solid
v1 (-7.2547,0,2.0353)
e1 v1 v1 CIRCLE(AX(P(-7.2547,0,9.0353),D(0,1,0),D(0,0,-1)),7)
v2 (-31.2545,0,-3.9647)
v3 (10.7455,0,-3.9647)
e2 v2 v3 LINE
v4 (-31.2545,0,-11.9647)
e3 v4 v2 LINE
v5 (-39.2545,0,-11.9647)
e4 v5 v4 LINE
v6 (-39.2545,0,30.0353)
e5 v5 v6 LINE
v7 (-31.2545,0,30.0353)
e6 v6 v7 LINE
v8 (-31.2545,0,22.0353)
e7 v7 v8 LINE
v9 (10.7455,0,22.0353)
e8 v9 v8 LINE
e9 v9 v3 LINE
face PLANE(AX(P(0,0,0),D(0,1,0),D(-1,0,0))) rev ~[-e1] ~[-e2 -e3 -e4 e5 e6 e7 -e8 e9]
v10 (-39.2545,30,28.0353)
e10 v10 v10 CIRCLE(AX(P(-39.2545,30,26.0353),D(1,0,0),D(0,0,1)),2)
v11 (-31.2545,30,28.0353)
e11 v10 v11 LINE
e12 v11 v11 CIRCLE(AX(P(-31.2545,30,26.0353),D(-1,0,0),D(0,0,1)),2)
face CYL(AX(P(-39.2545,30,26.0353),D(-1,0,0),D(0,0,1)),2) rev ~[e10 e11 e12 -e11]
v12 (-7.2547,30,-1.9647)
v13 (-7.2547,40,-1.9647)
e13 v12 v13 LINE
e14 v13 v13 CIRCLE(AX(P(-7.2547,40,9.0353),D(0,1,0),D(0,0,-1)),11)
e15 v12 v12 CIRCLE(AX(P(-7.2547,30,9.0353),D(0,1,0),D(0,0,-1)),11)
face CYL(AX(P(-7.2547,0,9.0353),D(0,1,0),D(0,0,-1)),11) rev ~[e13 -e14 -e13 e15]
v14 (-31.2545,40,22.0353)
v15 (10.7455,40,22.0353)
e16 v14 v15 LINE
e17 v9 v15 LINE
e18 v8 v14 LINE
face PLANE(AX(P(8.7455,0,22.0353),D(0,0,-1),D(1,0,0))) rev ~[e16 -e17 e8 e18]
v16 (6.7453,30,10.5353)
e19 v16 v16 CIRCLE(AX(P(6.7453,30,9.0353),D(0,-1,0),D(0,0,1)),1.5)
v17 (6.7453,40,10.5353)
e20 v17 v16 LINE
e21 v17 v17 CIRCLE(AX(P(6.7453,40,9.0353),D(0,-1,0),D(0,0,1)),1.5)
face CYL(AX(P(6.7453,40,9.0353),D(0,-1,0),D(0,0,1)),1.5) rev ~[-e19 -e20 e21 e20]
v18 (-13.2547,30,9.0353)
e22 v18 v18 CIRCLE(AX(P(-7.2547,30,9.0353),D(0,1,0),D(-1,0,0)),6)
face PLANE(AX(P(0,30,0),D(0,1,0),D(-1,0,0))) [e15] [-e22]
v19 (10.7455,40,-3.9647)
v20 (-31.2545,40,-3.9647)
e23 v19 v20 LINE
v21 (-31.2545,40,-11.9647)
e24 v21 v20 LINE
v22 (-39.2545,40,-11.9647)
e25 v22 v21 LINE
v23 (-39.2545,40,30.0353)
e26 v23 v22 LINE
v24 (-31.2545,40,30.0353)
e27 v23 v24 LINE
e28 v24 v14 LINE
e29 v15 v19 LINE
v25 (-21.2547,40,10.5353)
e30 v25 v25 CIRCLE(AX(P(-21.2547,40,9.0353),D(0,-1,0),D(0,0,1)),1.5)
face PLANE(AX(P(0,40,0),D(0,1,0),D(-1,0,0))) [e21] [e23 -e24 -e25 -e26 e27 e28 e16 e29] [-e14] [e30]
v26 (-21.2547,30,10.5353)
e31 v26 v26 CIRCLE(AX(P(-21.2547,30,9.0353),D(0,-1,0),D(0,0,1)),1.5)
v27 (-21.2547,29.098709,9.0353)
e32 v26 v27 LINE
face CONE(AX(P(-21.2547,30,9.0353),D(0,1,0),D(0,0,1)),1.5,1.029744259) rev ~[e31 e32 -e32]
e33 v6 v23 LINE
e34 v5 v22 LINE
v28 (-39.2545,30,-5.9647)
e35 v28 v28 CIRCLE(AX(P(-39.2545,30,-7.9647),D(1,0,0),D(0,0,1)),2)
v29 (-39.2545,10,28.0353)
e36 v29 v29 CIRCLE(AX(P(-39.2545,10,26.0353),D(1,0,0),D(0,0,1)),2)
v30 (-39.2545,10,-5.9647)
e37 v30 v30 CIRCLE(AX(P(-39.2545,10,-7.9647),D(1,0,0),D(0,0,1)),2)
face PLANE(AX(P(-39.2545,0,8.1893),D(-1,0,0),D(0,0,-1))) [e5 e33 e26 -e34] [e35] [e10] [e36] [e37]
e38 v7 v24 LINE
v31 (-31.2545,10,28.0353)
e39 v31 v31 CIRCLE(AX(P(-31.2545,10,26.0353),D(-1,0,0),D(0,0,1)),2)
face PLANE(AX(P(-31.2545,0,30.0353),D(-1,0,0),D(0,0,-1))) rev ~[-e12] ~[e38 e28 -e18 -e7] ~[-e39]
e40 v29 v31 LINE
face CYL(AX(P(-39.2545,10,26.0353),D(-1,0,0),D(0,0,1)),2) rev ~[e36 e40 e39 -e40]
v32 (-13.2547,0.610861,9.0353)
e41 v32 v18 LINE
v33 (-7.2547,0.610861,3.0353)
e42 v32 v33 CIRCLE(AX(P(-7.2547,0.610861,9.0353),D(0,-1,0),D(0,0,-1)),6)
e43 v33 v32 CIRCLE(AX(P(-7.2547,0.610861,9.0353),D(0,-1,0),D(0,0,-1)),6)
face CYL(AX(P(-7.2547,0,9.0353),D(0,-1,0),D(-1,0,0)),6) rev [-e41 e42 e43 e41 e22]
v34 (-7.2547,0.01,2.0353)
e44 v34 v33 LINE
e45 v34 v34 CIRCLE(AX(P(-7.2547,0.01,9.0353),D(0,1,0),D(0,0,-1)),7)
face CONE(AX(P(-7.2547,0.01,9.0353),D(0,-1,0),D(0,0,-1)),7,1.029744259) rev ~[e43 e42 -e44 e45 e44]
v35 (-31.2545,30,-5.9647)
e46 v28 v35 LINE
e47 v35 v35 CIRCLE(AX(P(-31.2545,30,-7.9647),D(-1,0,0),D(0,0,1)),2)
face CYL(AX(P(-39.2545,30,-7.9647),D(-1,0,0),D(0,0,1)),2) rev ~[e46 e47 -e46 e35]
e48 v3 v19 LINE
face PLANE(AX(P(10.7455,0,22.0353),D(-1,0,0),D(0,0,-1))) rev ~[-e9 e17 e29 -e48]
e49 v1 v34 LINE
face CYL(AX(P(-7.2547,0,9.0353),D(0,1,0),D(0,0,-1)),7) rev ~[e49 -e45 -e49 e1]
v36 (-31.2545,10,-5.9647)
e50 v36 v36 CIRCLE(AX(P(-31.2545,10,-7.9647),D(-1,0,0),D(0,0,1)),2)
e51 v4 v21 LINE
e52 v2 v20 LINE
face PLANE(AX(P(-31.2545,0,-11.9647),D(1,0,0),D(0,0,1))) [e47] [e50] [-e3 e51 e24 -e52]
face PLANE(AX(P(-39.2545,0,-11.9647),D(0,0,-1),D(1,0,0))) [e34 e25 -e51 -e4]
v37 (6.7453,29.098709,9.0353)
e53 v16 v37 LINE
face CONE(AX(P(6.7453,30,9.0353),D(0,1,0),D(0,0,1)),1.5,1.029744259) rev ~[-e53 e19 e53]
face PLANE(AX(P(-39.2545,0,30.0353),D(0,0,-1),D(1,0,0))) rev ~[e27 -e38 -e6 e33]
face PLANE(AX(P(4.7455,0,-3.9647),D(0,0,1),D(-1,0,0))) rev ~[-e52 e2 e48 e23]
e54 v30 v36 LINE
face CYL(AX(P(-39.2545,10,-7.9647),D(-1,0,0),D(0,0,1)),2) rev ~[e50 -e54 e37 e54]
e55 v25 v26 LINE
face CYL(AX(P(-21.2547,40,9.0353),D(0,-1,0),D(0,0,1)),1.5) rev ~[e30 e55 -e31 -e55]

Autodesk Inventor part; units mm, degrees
ref_plane "YZ Plane" through (0, 0, 0) normal (1, 0, 0) x (0, 1, 0)
ref_plane "XZ Plane" through (0, 0, 0) normal (0, 1, 0) x (-1, 0, 0)
ref_plane "XY Plane" through (0, 0, 0) normal (0, 0, 1) x (1, 0, 0)
sketch "Boceto14" plane through (0, 0, 0) normal (0, 1, 0) x (-1, 0, 0)
  line L0 (39.2545, 8.1893) -> (39.2545, -3.9647)
  line L1 (39.2545, -3.9647) -> (39.2545, 20.0353)
  line L2 (31.2545, 22.0353) -> (-2.7455, 22.0353)
  line L3 (-4.7455, -3.9647) -> (31.2545, -3.9647)
  line L4 (39.2545, 20.0353) -> (39.2545, 30.0353)
  line L5 (39.2545, -3.9647) -> (39.2545, -11.9647)
  circle A0 centre (7.2547, 9.0353) radius 11
  line L6 (-2.7455, 22.0353) -> (-8.7455, 22.0353)
  line L7 (-8.7455, -3.9647) -> (-4.7455, -3.9647)
  line L8 (-8.7455, 22.0353) -> (-10.7455, 22.0353)
  line L9 (-10.7455, 22.0353) -> (-10.7455, -3.9647)
  line L10 (-10.7455, -3.9647) -> (-8.7455, -3.9647)
  circle A1 centre (7.2547, 9.0353) radius 6
  line L11 (39.2545, -11.9647) -> (31.2545, -11.9647)
  line L12 (31.2545, -11.9647) -> (31.2545, -3.9647)
  line L13 (39.2545, 30.0353) -> (31.2545, 30.0353)
  line L14 (31.2545, 30.0353) -> (31.2545, 22.0353)
  point P0 (0, 0)
  dimension "d81" = 42
  dimension "d122" = 22
  dimension "d151" = 2
  dimension "d165" = 31.9998
  dimension "d166" = 12
  dimension "d171" = 13
  dimension "d182" = 8
  dimension "d183" = 8
  dimension "d185" = 8
  dimension "d186" = 8
extrude "Extrusión14" add sketch "Boceto14" along normal blind 40 contours L0 L5 L11 L12 L3 L7 L10 L9 L8 L6 L2 L14 L13 L4 L1 | A0 | A1
sketch "Boceto23" plane through (0, 0, 0) normal (0, -1, 0) x (1, 0, 0)
  point P0 (0, 0)
hole "Agujero1" at (-7.2547, 0, 9.0353) direction (0, 1, 0) diameter 22 depth 40 tip angle 118
extrude "Extrusión20" add sketch "Boceto14" along normal blind 30 contours A0
sketch "Boceto26" plane through (-39.2545, 0, -11.9647) normal (-1, 0, 0) x (0, 0, 1)
  line L0 (42, 0) -> (42, 40) projected
  line L1 (42, 0) -> (38, 0)
  line L2 (0, 0) -> (42, 0) projected
  line L3 (38, 0) -> (38, 40)
  line L4 (0, 40) -> (42, 40) projected
  line L5 (8, 0) -> (0, 0) projected
  line L6 (0, 0) -> (4, 0)
  line L7 (4, 0) -> (4, 40)
  line L8 (38, 40) -> (38, 30)
  line L9 (38, 30) -> (4, 30)
  line L10 (4, 0) -> (4, 10)
  line L11 (4, 10) -> (38, 10)
  circle A0 centre (38, 10) radius 2
  circle A1 centre (4, 10) radius 2
  circle A2 centre (4, 30) radius 2
  circle A3 centre (38, 30) radius 2
  point P0 (11.9647, 0)
  dimension "d200" = 4
  dimension "d201" = 4
  dimension "d202" = 10
  dimension "d203" = 10
  dimension "d204" = 4
  dimension "d205" = 4
  dimension "d206" = 4
  dimension "d207" = 4
extrude "Extrusión21" cut sketch "Boceto26" against normal blind 30 contours A0 L11 L3 | L3 A0 | A3 L3 | L3 L9 A3 | L11 A0 L3 | L3 A3 L9 | A2 L9 L7 | L7 A2 | A1 L7 | L7 L11 A1 | L11 L7 A1 | A2 L7 L9
thread "Rosca11" size "M12x1.5" class "6H" standard "ISO Metric profile" length 430
hole "Agujero3" at (-7.2547, 0, 9.0353) direction (0, 1, 0) diameter 14 depth 0.01 tip angle 118
sketch "Boceto27" plane through (0, 40, 0) normal (0, 1, 0) x (1, 0, 0)
  circle A0 centre (-7.2547, -9.0353) radius 6 projected
  line L0 (-7.2547, -9.0353) -> (6.7453, -9.0353)
  line L1 (6.7453, -9.0353) -> (-21.2547, -9.0353)
  circle A1 centre (6.7453, -9.0353) radius 1.5
  circle A2 centre (-21.2547, -9.0353) radius 1.5
  point P0 (0, 0)
  dimension "d226" = 14
  dimension "d227" = 28
  dimension "d228" = 3
  dimension "d229" = 3
hole "Agujero4" at (-21.2547, 40, 9.0353) at (6.7453, 40, 9.0353) direction (0, -1, 0) diameter 3 depth 10 tip angle 118
thread "Rosca12" size "M3x0.5" class "6H" standard "ISO Metric profile" length 7
thread "Rosca13" size "M3x0.5" class "6H" standard "ISO Metric profile" length 7
properties part number "Soporte de tuerca de mesa" material "Aluminum 6061"
